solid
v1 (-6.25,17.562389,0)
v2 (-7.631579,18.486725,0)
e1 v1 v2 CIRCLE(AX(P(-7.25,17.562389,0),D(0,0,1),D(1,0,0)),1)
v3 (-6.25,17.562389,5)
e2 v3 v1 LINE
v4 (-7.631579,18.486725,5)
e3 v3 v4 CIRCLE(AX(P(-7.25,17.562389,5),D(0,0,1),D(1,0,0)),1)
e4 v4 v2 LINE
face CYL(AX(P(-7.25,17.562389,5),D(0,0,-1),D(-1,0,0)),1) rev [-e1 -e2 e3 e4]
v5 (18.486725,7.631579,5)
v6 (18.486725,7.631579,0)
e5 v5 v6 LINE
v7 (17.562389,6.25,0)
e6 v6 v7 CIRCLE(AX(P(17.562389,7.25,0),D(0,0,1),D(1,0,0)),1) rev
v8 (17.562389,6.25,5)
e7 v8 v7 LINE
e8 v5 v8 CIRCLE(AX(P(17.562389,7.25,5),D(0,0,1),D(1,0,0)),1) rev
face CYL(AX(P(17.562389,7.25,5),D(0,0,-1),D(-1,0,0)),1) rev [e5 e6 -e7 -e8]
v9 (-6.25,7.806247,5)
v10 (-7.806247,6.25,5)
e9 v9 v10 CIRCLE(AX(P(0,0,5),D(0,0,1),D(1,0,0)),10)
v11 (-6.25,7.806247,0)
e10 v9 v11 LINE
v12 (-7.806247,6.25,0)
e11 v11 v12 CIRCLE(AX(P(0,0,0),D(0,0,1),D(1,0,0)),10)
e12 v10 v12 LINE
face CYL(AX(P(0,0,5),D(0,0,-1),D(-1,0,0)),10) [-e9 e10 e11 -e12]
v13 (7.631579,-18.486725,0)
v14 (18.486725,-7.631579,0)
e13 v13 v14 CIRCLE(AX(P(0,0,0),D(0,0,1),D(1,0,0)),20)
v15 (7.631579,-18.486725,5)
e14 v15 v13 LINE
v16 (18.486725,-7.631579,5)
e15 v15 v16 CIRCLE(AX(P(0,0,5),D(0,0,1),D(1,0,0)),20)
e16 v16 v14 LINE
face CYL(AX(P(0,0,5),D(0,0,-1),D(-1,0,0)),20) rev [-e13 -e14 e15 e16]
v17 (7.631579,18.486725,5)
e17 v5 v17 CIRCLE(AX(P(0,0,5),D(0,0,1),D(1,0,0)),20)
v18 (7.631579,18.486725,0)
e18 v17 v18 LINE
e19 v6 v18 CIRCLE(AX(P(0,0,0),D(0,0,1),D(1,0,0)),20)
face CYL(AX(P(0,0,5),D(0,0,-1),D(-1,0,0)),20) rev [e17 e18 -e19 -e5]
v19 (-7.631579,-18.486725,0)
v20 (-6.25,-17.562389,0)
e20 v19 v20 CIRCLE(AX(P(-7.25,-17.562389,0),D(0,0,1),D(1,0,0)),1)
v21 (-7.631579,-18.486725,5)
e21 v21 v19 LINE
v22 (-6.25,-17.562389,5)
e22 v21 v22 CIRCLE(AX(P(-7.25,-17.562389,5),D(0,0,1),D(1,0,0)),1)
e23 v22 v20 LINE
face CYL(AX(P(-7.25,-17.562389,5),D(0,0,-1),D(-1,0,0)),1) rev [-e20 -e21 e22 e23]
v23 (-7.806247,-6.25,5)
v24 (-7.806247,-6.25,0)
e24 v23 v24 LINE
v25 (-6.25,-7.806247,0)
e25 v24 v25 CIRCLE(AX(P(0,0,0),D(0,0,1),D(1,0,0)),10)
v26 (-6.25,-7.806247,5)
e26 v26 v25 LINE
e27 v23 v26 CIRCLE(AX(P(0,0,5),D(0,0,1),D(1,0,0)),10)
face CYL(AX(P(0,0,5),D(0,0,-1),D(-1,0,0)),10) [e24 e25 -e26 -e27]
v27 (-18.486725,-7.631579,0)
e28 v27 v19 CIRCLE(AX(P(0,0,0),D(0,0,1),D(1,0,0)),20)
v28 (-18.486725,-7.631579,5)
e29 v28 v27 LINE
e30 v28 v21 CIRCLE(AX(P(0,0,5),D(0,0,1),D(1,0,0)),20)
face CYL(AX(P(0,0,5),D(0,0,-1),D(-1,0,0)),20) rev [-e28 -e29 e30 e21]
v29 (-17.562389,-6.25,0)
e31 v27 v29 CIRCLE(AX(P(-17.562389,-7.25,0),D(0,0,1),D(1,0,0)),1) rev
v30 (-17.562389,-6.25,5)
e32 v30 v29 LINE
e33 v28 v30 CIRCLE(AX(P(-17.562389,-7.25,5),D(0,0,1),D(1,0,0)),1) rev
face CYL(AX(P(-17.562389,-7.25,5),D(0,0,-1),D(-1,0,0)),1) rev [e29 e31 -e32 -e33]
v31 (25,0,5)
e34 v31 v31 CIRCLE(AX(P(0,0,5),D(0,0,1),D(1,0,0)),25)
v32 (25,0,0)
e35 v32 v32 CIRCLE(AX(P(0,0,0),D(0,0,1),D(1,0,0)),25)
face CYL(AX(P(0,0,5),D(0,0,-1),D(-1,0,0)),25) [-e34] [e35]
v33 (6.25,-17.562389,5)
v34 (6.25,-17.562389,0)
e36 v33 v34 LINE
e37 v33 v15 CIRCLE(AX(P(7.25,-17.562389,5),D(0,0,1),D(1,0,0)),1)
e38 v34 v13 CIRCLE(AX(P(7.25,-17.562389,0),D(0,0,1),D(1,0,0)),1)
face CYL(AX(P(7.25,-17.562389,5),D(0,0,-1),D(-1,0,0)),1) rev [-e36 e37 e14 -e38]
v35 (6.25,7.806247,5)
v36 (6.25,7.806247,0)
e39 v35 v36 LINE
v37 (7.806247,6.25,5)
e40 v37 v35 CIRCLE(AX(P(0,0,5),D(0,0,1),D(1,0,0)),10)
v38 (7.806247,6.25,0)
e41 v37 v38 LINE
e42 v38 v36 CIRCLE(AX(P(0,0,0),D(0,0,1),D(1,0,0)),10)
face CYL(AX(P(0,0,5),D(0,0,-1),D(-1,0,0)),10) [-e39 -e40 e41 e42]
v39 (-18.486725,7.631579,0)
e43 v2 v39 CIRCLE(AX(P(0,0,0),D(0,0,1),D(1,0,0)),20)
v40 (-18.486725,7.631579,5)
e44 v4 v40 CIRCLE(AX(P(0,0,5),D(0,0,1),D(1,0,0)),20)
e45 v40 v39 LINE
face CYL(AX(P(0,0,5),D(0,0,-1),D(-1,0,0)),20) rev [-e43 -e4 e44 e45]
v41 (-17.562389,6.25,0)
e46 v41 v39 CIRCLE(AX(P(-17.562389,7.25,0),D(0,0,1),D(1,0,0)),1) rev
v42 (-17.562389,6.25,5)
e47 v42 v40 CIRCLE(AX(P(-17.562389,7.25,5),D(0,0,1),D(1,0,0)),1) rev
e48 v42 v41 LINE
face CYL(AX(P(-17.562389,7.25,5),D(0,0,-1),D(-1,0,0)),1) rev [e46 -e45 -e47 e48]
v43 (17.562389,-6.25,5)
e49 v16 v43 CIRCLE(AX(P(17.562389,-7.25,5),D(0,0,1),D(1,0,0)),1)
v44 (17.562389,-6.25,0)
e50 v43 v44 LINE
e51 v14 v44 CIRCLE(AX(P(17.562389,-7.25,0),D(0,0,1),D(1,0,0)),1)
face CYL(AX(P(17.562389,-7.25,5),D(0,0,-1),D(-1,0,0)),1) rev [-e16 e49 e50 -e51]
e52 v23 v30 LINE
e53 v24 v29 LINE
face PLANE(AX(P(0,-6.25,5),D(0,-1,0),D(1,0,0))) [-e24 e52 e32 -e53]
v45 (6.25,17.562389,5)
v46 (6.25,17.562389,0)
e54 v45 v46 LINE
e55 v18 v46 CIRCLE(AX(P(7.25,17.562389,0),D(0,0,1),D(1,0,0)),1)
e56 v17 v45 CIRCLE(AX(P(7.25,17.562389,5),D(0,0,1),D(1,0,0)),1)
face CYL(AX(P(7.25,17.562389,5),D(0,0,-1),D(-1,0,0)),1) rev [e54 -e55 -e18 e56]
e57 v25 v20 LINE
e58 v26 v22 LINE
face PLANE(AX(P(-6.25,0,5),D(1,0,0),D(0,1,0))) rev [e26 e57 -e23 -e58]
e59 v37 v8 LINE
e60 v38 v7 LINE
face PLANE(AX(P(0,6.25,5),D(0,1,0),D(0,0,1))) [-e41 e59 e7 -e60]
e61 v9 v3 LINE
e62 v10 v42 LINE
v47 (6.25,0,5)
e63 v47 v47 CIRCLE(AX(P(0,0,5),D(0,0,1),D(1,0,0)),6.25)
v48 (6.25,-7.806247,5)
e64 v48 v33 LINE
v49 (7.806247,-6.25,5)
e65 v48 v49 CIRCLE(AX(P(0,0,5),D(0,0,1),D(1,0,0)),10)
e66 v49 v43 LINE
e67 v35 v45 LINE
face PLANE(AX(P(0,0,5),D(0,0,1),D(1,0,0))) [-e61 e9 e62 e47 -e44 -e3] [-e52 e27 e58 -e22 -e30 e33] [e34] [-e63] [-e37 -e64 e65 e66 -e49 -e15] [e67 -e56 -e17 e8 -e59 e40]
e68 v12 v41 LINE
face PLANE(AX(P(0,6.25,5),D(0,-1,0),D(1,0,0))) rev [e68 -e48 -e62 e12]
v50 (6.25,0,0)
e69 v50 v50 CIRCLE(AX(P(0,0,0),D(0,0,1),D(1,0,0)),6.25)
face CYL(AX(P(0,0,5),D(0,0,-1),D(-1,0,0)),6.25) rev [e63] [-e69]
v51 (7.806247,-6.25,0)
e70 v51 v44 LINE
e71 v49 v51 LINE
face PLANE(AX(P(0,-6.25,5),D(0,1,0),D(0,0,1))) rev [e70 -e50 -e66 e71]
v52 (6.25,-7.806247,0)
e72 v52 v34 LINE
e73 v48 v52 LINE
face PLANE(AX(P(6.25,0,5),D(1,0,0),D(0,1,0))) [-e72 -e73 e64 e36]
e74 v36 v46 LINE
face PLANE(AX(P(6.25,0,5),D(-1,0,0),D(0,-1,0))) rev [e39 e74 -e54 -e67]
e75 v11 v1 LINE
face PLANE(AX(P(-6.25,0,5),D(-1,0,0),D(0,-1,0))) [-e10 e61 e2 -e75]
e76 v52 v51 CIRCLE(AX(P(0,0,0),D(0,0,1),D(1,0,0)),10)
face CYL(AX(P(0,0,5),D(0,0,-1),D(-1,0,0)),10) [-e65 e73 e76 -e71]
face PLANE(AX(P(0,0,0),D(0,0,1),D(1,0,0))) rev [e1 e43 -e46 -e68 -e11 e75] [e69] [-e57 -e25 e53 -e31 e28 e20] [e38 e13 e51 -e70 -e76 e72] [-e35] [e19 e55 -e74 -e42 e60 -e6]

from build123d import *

# Parameters (mm, degrees)
SKETCH1_R           = 25
SKETCH1_R_2         = 10
SKETCH1_R_3         = 6.25
BOSS_EXTRUDE1_DEPTH = 5


with BuildPart() as part:
    # Sketch1 → Boss-Extrude1 (new body)
    # profile 1 of 2: a face of its own
    with BuildSketch(Plane.XY):
        Circle(SKETCH1_R)
        with BuildLine():
            Line((17.56238879, 6.25), (7.806247498, 6.25))
            ThreePointArc((7.806247498, 6.25), (9.43563657, 3.311912214), (10, 0))
            ThreePointArc((10, 0), (9.43563657, -3.311912214), (7.806247498, -6.25))
            Line((7.806247498, -6.25), (17.56238879, -6.25))
            ThreePointArc((17.56238879, -6.25), (18.393526247, -6.693932984), (18.486725042, -7.631578947))
            ThreePointArc((18.486725042, -7.631578947), (14.142135624, -14.142135624), (7.631578947, -18.486725042))
            ThreePointArc((7.631578947, -18.486725042), (6.693932984, -18.393526247), (6.25, -17.56238879))
            Line((6.25, -17.56238879), (6.25, -7.806247498))
            ThreePointArc((6.25, -7.806247498), (0, -10), (-6.25, -7.806247498))
            Line((-6.25, -7.806247498), (-6.25, -17.56238879))
            ThreePointArc((-6.25, -17.56238879), (-6.693932984, -18.393526247), (-7.631578947, -18.486725042))
            ThreePointArc((-7.631578947, -18.486725042), (-14.142135624, -14.142135624), (-18.486725042, -7.631578947))
            ThreePointArc((-18.486725042, -7.631578947), (-18.393526247, -6.693932984), (-17.56238879, -6.25))
            Line((-17.56238879, -6.25), (-7.806247498, -6.25))
            ThreePointArc((-7.806247498, -6.25), (-10, 0), (-7.806247498, 6.25))
            Line((-7.806247498, 6.25), (-17.56238879, 6.25))
            ThreePointArc((-17.56238879, 6.25), (-18.393526247, 6.693932984), (-18.486725042, 7.631578947))
            ThreePointArc((-18.486725042, 7.631578947), (-14.142135624, 14.142135624), (-7.631578947, 18.486725042))
            ThreePointArc((-7.631578947, 18.486725042), (-6.693932984, 18.393526247), (-6.25, 17.56238879))
            Line((-6.25, 17.56238879), (-6.25, 7.806247498))
            ThreePointArc((-6.25, 7.806247498), (0, 10), (6.25, 7.806247498))
            Line((6.25, 7.806247498), (6.25, 17.56238879))
            ThreePointArc((6.25, 17.56238879), (6.693932984, 18.393526247), (7.631578947, 18.486725042))
            ThreePointArc((7.631578947, 18.486725042), (14.142135624, 14.142135624), (18.486725042, 7.631578947))
            ThreePointArc((18.486725042, 7.631578947), (18.393526247, 6.693932984), (17.56238879, 6.25))
        make_face(mode=Mode.SUBTRACT)
    # profile 2 of 2: a face of its own
    with BuildSketch(Plane.XY):
        Circle(SKETCH1_R_2)
        Circle(SKETCH1_R_3, mode=Mode.SUBTRACT)
    extrude(amount=BOSS_EXTRUDE1_DEPTH)


solid = part.part
